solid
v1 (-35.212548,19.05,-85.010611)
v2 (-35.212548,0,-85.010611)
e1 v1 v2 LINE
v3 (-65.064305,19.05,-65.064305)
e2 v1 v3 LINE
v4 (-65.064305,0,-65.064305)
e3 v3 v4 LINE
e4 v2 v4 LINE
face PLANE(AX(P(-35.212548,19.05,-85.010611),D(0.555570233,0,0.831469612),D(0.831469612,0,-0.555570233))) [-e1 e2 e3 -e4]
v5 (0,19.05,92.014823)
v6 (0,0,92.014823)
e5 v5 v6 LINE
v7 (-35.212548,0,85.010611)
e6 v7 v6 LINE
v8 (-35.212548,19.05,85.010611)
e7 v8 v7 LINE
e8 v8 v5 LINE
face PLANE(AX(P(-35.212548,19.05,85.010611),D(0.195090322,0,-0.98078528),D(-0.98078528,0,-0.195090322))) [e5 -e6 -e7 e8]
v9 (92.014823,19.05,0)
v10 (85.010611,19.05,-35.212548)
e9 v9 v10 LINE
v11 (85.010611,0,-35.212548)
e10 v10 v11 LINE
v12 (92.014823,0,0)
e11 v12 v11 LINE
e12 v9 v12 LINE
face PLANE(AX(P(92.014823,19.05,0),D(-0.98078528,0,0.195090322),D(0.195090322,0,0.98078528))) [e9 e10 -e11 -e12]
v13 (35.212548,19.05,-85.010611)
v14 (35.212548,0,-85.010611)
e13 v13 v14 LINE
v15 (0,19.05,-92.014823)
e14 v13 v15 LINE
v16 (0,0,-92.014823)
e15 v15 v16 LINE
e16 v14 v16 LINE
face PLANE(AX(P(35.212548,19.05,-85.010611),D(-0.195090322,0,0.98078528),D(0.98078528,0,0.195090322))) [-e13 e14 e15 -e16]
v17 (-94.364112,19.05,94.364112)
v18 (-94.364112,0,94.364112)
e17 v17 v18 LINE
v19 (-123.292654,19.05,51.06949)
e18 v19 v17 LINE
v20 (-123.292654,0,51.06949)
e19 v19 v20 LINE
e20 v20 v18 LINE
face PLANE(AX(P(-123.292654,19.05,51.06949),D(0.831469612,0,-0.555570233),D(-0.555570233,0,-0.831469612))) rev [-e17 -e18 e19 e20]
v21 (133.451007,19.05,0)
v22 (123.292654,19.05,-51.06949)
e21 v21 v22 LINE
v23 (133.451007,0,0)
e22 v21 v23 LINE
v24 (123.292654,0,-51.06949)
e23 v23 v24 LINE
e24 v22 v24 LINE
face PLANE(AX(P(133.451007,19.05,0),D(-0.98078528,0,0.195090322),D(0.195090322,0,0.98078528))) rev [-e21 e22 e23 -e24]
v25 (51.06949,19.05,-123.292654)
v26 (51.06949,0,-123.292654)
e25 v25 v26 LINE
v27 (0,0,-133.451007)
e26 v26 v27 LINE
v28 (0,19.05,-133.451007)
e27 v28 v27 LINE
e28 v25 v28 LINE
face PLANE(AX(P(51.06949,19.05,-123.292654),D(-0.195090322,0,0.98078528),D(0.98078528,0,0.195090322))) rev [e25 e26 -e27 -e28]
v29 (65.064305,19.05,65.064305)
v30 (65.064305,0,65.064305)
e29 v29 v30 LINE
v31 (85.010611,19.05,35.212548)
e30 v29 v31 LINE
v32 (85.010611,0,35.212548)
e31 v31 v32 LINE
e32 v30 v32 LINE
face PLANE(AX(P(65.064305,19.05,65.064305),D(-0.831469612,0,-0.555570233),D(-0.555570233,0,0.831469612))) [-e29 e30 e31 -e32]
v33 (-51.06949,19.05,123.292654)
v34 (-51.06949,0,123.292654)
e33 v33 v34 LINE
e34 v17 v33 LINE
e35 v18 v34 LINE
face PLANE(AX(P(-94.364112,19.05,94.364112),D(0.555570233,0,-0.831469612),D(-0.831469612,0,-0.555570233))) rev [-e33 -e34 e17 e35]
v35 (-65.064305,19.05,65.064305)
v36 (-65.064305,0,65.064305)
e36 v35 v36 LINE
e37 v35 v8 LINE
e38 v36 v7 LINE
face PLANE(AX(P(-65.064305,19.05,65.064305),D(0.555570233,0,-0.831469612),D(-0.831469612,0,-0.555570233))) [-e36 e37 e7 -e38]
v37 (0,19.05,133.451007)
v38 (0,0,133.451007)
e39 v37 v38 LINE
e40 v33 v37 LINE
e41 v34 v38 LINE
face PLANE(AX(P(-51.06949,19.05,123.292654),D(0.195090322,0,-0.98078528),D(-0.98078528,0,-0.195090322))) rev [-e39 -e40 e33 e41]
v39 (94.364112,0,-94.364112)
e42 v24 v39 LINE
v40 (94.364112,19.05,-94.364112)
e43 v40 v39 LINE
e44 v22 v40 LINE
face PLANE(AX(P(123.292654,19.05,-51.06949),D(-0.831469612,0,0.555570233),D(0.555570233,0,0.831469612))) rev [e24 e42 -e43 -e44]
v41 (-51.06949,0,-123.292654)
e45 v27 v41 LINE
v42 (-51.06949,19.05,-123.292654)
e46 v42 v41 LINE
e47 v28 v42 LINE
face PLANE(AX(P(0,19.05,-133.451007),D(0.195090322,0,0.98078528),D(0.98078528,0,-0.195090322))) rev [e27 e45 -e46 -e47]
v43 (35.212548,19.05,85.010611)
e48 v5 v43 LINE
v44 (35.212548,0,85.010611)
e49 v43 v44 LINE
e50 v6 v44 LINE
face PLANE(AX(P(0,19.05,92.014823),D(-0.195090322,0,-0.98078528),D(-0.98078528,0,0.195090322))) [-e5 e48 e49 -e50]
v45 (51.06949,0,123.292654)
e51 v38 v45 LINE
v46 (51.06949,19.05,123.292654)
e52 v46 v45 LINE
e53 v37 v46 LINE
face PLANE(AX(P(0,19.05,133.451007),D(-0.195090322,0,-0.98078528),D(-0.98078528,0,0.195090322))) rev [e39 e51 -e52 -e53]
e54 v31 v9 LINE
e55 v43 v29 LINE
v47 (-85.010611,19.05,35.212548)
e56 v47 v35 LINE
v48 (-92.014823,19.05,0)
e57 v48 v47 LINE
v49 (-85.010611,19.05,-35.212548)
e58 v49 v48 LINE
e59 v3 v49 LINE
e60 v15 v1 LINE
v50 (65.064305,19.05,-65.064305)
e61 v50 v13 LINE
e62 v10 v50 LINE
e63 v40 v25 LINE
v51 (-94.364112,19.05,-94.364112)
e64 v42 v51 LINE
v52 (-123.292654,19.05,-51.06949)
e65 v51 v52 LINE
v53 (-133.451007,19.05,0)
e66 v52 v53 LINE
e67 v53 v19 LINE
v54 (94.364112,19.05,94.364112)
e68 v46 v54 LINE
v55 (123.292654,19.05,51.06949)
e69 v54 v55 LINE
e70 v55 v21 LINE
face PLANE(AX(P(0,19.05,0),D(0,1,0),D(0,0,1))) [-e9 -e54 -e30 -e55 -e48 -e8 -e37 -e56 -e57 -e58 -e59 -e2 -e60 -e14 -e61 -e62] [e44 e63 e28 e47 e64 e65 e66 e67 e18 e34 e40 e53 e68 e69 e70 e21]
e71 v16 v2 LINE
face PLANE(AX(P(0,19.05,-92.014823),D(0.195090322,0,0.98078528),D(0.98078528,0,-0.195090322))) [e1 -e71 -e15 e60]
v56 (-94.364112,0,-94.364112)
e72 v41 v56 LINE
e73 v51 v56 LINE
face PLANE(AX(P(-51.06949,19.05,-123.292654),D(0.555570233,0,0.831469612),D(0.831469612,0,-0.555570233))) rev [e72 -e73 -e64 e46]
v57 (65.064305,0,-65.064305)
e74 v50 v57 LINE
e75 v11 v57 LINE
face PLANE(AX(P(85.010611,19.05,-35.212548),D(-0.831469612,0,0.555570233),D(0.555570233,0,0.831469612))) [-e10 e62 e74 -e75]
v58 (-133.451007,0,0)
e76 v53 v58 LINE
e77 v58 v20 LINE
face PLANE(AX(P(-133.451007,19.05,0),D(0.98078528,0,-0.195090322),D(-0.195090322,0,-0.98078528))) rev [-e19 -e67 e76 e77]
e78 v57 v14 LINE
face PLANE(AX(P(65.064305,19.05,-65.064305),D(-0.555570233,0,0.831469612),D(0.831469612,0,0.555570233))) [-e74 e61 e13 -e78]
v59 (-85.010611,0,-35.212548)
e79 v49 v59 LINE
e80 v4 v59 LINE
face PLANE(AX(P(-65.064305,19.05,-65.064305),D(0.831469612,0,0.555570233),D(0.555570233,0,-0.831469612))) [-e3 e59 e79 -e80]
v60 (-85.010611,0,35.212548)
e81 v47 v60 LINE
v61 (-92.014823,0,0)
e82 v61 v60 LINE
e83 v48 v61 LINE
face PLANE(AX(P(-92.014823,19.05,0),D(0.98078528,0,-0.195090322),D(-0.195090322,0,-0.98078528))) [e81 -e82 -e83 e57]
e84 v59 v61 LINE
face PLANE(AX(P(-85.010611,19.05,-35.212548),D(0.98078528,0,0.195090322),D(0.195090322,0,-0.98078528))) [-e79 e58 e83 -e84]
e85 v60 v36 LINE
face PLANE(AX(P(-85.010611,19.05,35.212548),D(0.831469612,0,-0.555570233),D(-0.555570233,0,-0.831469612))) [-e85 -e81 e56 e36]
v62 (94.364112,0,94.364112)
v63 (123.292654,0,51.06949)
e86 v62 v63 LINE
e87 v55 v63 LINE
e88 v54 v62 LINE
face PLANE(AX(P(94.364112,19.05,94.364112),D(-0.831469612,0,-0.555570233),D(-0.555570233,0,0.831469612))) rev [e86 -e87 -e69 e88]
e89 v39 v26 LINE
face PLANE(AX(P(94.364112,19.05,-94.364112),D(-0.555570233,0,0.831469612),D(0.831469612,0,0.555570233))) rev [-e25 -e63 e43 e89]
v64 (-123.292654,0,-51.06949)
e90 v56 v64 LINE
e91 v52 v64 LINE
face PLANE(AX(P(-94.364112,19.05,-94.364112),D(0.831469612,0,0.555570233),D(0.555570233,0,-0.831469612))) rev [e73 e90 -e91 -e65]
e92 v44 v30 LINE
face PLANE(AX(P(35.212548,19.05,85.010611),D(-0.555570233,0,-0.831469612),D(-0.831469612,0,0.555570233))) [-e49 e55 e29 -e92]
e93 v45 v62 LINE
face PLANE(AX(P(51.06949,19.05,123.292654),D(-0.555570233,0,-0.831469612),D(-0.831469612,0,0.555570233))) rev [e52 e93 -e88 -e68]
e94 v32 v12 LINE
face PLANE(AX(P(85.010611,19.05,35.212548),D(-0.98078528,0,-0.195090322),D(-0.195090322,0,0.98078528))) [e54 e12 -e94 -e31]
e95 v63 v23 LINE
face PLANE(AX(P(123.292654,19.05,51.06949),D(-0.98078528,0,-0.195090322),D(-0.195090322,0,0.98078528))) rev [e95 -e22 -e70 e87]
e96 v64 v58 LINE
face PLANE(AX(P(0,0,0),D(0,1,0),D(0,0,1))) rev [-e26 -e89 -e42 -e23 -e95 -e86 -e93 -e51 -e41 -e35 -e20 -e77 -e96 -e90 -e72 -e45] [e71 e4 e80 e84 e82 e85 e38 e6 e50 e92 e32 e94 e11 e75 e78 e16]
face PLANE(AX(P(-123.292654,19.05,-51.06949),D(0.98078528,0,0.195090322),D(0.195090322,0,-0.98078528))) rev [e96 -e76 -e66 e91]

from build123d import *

# Parameters (mm, degrees)
BOSS_EXTRUDE1_DEPTH = 19.05


with BuildPart() as part:
    # Sketch1 → Boss-Extrude1 (new body)
    with BuildSketch(Plane(origin=(0, 0, 0), x_dir=(1, 0, 0), z_dir=(0, 1, 0))):
        Polygon((133.451007364, 0), (123.292654297, 51.069489551), (94.364112263, 94.364112263), (51.069489551, 123.292654297), (0, 133.451007364), (-51.069489551, 123.292654297), (-94.364112263, 94.364112263), (-123.292654297, 51.069489551), (-133.451007364, 0), (-123.292654297, -51.069489551), (-94.364112263, -94.364112263), (-51.069489551, -123.292654297), (0, -133.451007364), (51.069489551, -123.292654297), (94.364112263, -94.364112263), (123.292654297, -51.069489551), align=None)
        Polygon((92.014822694, 0), (85.010611375, 35.212548177), (65.064305097, 65.064305097), (35.212548177, 85.010611375), (0, 92.014822694), (-35.212548177, 85.010611375), (-65.064305097, 65.064305097), (-85.010611375, 35.212548177), (-92.014822694, 0), (-85.010611375, -35.212548177), (-65.064305097, -65.064305097), (-35.212548177, -85.010611375), (0, -92.014822694), (35.212548177, -85.010611375), (65.064305097, -65.064305097), (85.010611375, -35.212548177), align=None, mode=Mode.SUBTRACT)
    extrude(amount=BOSS_EXTRUDE1_DEPTH)


solid = part.part
